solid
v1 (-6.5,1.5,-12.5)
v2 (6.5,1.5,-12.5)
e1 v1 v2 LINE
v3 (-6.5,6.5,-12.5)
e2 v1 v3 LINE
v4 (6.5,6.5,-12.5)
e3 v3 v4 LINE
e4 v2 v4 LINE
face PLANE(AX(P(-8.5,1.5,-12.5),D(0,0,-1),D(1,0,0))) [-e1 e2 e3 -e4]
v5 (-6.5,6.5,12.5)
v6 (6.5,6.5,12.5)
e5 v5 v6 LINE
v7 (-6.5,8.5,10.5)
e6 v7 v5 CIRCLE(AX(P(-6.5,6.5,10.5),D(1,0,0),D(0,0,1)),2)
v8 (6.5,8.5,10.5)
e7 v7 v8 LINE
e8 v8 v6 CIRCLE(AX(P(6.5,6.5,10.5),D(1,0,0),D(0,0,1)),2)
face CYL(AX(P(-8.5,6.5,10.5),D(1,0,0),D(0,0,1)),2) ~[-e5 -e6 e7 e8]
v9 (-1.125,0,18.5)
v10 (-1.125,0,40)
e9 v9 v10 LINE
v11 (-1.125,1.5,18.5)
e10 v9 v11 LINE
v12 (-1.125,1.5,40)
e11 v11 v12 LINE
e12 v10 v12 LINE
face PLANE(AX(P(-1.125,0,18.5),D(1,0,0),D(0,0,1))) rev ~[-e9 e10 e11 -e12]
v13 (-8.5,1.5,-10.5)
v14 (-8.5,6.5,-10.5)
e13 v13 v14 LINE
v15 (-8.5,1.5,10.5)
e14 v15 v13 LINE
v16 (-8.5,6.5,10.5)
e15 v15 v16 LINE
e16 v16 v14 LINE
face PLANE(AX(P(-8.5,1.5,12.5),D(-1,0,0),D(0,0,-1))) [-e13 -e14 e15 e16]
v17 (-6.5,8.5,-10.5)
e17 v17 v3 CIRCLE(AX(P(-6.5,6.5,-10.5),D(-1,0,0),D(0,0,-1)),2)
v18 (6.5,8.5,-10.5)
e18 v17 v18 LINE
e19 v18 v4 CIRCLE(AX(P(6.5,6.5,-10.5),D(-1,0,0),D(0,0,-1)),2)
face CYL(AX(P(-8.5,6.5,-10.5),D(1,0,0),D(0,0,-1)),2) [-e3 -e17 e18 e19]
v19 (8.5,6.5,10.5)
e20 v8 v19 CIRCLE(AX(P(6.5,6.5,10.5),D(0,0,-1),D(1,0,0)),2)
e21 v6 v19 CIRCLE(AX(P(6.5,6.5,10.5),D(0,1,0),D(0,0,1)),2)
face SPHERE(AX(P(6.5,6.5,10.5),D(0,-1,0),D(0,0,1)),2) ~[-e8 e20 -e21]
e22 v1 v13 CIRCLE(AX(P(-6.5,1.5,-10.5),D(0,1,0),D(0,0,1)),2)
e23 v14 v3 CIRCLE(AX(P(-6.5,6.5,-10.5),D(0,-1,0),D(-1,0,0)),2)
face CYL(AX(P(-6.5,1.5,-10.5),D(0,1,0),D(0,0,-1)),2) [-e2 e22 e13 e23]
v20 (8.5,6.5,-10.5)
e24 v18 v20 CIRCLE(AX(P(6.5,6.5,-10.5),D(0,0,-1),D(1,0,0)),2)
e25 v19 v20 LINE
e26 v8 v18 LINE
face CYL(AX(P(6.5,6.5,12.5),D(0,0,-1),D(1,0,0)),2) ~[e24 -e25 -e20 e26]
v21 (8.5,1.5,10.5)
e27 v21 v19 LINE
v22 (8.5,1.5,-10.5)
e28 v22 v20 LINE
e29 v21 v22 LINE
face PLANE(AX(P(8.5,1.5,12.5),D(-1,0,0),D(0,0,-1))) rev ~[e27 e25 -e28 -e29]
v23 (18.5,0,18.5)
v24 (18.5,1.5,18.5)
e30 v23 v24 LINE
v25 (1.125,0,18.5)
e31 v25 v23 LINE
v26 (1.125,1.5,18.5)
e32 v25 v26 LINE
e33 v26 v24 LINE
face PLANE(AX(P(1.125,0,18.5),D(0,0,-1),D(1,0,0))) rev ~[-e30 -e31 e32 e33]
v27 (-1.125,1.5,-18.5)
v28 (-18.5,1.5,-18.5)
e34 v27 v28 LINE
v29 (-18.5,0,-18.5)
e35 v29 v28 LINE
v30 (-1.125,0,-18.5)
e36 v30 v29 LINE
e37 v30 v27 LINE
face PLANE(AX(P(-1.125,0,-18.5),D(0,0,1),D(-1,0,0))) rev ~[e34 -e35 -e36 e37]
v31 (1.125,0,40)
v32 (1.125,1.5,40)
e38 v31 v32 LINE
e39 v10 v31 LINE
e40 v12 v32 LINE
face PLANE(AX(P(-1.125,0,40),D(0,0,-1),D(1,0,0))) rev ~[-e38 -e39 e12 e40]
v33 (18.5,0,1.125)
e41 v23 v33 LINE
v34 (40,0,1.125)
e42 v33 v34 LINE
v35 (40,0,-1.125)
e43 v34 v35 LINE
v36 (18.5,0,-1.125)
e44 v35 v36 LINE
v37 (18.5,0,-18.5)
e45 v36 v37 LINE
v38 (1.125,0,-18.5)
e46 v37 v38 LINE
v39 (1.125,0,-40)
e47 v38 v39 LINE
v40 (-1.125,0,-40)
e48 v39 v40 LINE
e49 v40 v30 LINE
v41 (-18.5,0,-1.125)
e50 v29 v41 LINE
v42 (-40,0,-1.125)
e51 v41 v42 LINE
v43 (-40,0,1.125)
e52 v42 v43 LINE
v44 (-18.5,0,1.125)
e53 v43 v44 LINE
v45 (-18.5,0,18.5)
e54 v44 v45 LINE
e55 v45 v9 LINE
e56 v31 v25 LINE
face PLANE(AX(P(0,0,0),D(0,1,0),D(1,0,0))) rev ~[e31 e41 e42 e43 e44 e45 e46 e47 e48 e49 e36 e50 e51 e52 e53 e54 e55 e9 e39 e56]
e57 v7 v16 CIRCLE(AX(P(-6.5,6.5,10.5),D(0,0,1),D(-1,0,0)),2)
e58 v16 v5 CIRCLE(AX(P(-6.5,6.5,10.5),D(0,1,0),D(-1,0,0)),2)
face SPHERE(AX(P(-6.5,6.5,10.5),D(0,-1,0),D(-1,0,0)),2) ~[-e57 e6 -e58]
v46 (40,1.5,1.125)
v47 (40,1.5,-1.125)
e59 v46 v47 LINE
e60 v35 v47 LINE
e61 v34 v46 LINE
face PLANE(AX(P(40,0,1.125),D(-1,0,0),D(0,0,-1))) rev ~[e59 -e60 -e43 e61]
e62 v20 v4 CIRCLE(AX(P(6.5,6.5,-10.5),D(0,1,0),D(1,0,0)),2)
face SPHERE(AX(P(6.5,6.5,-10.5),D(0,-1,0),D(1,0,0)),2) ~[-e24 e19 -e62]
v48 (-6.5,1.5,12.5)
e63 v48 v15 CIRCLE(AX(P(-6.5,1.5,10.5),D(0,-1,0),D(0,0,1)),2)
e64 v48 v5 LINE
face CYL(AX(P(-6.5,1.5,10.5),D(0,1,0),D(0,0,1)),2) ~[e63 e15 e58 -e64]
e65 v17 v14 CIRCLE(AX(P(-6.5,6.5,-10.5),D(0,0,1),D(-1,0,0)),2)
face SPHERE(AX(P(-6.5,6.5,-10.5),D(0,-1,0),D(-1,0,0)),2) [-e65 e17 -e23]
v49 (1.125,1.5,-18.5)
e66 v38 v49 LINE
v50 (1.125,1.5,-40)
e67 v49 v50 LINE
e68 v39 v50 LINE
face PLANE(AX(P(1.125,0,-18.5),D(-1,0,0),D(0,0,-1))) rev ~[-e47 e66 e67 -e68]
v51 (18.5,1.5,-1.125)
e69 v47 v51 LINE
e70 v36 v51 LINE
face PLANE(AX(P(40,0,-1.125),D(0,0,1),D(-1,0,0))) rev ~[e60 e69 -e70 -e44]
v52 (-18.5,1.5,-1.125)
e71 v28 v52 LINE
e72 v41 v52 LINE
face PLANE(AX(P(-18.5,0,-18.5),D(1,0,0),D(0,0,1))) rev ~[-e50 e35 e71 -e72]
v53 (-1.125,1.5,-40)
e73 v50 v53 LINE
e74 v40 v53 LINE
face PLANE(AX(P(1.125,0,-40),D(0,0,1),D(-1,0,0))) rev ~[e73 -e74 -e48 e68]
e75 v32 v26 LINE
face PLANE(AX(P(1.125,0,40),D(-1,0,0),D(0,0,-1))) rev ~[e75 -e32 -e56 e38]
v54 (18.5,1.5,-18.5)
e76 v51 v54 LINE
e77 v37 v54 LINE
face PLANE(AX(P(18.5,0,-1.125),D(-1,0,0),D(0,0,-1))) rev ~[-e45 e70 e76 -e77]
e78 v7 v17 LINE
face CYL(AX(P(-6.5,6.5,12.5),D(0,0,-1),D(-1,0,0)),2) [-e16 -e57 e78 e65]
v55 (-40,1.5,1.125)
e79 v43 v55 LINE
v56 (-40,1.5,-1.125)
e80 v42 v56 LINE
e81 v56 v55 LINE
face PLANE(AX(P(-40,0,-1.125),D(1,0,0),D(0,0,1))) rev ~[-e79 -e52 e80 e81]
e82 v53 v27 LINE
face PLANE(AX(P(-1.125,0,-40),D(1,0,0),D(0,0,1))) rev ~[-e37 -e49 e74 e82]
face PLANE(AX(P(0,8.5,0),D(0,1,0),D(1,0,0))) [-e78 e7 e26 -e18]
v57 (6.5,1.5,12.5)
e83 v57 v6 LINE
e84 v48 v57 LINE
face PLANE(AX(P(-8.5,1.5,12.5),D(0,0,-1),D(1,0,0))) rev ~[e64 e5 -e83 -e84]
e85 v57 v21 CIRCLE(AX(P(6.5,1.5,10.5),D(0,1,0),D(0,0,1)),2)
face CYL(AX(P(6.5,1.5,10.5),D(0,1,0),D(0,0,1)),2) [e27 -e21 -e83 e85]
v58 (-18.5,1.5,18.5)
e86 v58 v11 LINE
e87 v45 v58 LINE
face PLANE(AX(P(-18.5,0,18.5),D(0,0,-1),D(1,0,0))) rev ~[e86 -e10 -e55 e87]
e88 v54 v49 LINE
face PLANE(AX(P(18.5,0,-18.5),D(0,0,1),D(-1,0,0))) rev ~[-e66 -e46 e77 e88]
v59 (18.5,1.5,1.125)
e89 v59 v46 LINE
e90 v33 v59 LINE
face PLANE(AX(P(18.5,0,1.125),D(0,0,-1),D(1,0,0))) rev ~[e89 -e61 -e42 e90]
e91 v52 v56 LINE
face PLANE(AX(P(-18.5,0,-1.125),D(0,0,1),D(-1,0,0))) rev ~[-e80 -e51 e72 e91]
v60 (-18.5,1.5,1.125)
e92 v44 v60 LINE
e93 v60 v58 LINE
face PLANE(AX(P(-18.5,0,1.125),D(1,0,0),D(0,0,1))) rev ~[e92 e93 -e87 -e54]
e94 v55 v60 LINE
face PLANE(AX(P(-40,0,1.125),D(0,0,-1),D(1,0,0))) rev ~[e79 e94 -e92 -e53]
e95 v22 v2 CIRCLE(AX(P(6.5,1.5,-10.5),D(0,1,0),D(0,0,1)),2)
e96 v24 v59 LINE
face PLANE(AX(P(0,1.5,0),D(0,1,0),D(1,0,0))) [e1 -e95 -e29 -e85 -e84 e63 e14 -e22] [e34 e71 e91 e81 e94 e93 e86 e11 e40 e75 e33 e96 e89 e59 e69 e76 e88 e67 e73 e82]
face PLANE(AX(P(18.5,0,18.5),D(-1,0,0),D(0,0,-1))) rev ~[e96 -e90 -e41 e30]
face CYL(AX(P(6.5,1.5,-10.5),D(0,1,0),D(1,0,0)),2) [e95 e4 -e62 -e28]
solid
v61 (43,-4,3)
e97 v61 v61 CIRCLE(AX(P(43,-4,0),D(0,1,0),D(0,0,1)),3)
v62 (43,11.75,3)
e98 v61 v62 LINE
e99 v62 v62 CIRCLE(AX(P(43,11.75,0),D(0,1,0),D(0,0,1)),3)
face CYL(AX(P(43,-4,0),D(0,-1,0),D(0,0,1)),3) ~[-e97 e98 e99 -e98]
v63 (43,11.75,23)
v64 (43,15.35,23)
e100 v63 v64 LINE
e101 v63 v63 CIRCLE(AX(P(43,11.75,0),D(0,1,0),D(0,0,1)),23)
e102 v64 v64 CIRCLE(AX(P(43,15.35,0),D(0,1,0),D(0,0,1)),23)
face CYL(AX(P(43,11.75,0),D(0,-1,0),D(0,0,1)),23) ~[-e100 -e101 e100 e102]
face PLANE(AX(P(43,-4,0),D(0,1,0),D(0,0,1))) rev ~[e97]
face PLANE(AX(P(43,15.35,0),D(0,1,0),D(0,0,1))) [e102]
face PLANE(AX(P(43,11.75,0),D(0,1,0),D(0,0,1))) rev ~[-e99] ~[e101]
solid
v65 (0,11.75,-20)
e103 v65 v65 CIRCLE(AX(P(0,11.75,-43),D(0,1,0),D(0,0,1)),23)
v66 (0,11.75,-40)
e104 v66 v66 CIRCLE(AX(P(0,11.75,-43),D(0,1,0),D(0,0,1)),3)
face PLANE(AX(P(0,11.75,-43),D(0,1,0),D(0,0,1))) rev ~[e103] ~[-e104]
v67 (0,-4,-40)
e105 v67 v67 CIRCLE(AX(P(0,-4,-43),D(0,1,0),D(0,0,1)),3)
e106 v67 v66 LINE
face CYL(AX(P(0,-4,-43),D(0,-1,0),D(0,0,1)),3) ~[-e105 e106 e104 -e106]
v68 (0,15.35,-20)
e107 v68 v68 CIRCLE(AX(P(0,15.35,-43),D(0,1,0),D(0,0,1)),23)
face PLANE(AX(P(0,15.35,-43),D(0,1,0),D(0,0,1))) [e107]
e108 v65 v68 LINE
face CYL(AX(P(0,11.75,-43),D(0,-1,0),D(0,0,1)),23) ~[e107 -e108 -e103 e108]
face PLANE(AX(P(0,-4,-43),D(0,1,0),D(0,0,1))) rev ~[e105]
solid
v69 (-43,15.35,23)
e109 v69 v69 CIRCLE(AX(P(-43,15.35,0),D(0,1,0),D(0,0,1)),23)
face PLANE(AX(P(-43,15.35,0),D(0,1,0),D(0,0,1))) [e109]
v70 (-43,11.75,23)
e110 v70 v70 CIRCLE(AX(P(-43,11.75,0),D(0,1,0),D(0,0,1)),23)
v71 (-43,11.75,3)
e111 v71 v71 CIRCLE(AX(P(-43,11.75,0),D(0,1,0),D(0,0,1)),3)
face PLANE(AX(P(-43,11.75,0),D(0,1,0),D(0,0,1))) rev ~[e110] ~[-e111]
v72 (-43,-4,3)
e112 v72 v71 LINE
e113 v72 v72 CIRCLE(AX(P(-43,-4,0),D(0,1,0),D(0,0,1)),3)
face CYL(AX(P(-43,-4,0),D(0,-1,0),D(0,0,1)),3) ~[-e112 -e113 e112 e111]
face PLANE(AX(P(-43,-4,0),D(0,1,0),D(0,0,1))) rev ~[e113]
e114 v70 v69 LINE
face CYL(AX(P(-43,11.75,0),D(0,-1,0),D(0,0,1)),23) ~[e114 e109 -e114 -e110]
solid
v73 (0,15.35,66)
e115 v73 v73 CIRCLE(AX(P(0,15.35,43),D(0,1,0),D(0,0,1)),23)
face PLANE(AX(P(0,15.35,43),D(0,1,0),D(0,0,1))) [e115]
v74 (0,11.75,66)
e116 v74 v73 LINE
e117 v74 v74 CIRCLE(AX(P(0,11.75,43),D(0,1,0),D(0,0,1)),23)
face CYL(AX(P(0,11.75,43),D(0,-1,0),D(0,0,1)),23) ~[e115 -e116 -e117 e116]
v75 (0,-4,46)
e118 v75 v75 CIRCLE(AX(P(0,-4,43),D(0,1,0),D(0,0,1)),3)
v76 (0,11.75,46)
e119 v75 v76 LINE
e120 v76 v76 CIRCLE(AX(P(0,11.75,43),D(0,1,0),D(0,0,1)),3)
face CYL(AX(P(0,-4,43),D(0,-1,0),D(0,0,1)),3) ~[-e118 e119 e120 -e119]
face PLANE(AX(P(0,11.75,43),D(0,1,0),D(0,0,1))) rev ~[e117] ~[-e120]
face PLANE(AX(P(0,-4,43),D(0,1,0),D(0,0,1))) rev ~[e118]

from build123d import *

# Parameters (mm, degrees)
BOSS_EXTRUDE1_DEPTH        = 1.5
BOSS_EXTRUDE2_DEPTH        = 11.75
BOSS_EXTRUDE2_DEPTH_BACK   = 4
SKETCH2_R                  = 3
BOSS_EXTRUDE2_2_DEPTH      = 11.75
BOSS_EXTRUDE2_2_DEPTH_BACK = 4
BOSS_EXTRUDE2_3_DEPTH      = 11.75
BOSS_EXTRUDE2_3_DEPTH_BACK = 4
BOSS_EXTRUDE2_4_DEPTH      = 11.75
BOSS_EXTRUDE2_4_DEPTH_BACK = 4
SKETCH6_W                  = 17
SKETCH6_H                  = 25
BOSS_EXTRUDE3_DEPTH        = 7
FILLET1_R                  = 2
SKETCH9_R                  = 23
BOSS_EXTRUDE4_DEPTH        = 3.6


with BuildPart() as part:
    # Sketch1 → Boss-Extrude1 (new body)
    with BuildSketch(Plane(origin=(0, 0, 0), x_dir=(1, 0, 0), z_dir=(0, 1, 0))):
        Polygon((1.125, 18.5), (1.125, 40), (-1.125, 40), (-1.125, 18.5), (-18.5, 18.5), (-18.5, 1.125), (-40, 1.125), (-40, -1.125), (-18.5, -1.125), (-18.5, -18.5), (-1.125, -18.5), (-1.125, -40), (1.125, -40), (1.125, -18.5), (18.5, -18.5), (18.5, -1.125), (40, -1.125), (40, 1.125), (18.5, 1.125), (18.5, 18.5), align=None)
    extrude(amount=BOSS_EXTRUDE1_DEPTH)

    # Sketch6 → Boss-Extrude3 (add)
    with BuildSketch(Plane(origin=(0, 1.5, 0), x_dir=(1, 0, 0), z_dir=(0, 1, 0))):
        Rectangle(SKETCH6_W, SKETCH6_H)
    extrude(amount=BOSS_EXTRUDE3_DEPTH)

    # Fillet1
    fillet1_edges = [part.edges().sort_by_distance(p)[0] for p in [
        (-8.5, 5, -12.5),
        (-8.5, 5, 12.5),
        (8.5, 5, 12.5),
        (8.5, 5, -12.5),
        (-8.5, 8.5, 0),
        (0, 8.5, 12.5),
        (8.5, 8.5, 0),
        (0, 8.5, -12.5),
    ]]
    fillet(fillet1_edges, radius=FILLET1_R)


with BuildPart() as body_2:
    # Sketch2 → Boss-Extrude2 (new, two sides: drawn at the far end of the back side and taken through both)
    with BuildSketch(Plane(origin=(0, 0, 0), x_dir=(1, 0, 0), z_dir=(0, 1, 0)).offset(-BOSS_EXTRUDE2_DEPTH_BACK)):
        with Locations(Location((0, 43, 0), (0, 0, 270))):
            Circle(SKETCH2_R)
    extrude(amount=BOSS_EXTRUDE2_DEPTH + BOSS_EXTRUDE2_DEPTH_BACK)



with BuildPart() as body_3:
    # Sketch2 → Boss-Extrude2 2 (new, two sides: drawn at the far end of the back side and taken through both)
    with BuildSketch(Plane(origin=(0, 0, 0), x_dir=(1, 0, 0), z_dir=(0, 1, 0)).offset(-BOSS_EXTRUDE2_2_DEPTH_BACK)):
        with Locations(Location((43, 0, 0), (0, 0, 270))):
            Circle(SKETCH2_R)
    extrude(amount=BOSS_EXTRUDE2_2_DEPTH + BOSS_EXTRUDE2_2_DEPTH_BACK)


with BuildPart() as body_4:
    # Sketch2 → Boss-Extrude2 3 (new, two sides: drawn at the far end of the back side and taken through both)
    with BuildSketch(Plane(origin=(0, 0, 0), x_dir=(1, 0, 0), z_dir=(0, 1, 0)).offset(-BOSS_EXTRUDE2_3_DEPTH_BACK)):
        with Locations(Location((0, -43, 0), (0, 0, 270))):
            Circle(SKETCH2_R)
    extrude(amount=BOSS_EXTRUDE2_3_DEPTH + BOSS_EXTRUDE2_3_DEPTH_BACK)


with BuildPart() as body_5:
    # Sketch2 → Boss-Extrude2 4 (new, two sides: drawn at the far end of the back side and taken through both)
    with BuildSketch(Plane(origin=(0, 0, 0), x_dir=(1, 0, 0), z_dir=(0, 1, 0)).offset(-BOSS_EXTRUDE2_4_DEPTH_BACK)):
        with Locations(Location((-43, 0, 0), (0, 0, 270))):
            Circle(SKETCH2_R)
    extrude(amount=BOSS_EXTRUDE2_4_DEPTH + BOSS_EXTRUDE2_4_DEPTH_BACK)


with BuildPart() as body_2_1:
    add(body_2.part)

    add(body_3.part)  # Boss-Extrude4 merges body 3

    add(body_4.part)  # Boss-Extrude4 merges body 4

    add(body_5.part)  # Boss-Extrude4 merges body 5
    # Sketch9 → Boss-Extrude4 (add)
    with BuildSketch(Plane(origin=(0, 11.75, 0), x_dir=(1, 0, 0), z_dir=(0, 1, 0))):
        with Locations(Location((0, 43, 0), (0, 0, 270))):
            Circle(SKETCH9_R)
        with Locations(Location((43, 0, 0), (0, 0, 270))):
            Circle(SKETCH9_R)
        with Locations(Location((0, -43, 0), (0, 0, 270))):
            Circle(SKETCH9_R)
        with Locations(Location((-43, 0, 0), (0, 0, 270))):
            Circle(SKETCH9_R)
    extrude(amount=BOSS_EXTRUDE4_DEPTH)


solid = Compound([part.part, body_2_1.part])
